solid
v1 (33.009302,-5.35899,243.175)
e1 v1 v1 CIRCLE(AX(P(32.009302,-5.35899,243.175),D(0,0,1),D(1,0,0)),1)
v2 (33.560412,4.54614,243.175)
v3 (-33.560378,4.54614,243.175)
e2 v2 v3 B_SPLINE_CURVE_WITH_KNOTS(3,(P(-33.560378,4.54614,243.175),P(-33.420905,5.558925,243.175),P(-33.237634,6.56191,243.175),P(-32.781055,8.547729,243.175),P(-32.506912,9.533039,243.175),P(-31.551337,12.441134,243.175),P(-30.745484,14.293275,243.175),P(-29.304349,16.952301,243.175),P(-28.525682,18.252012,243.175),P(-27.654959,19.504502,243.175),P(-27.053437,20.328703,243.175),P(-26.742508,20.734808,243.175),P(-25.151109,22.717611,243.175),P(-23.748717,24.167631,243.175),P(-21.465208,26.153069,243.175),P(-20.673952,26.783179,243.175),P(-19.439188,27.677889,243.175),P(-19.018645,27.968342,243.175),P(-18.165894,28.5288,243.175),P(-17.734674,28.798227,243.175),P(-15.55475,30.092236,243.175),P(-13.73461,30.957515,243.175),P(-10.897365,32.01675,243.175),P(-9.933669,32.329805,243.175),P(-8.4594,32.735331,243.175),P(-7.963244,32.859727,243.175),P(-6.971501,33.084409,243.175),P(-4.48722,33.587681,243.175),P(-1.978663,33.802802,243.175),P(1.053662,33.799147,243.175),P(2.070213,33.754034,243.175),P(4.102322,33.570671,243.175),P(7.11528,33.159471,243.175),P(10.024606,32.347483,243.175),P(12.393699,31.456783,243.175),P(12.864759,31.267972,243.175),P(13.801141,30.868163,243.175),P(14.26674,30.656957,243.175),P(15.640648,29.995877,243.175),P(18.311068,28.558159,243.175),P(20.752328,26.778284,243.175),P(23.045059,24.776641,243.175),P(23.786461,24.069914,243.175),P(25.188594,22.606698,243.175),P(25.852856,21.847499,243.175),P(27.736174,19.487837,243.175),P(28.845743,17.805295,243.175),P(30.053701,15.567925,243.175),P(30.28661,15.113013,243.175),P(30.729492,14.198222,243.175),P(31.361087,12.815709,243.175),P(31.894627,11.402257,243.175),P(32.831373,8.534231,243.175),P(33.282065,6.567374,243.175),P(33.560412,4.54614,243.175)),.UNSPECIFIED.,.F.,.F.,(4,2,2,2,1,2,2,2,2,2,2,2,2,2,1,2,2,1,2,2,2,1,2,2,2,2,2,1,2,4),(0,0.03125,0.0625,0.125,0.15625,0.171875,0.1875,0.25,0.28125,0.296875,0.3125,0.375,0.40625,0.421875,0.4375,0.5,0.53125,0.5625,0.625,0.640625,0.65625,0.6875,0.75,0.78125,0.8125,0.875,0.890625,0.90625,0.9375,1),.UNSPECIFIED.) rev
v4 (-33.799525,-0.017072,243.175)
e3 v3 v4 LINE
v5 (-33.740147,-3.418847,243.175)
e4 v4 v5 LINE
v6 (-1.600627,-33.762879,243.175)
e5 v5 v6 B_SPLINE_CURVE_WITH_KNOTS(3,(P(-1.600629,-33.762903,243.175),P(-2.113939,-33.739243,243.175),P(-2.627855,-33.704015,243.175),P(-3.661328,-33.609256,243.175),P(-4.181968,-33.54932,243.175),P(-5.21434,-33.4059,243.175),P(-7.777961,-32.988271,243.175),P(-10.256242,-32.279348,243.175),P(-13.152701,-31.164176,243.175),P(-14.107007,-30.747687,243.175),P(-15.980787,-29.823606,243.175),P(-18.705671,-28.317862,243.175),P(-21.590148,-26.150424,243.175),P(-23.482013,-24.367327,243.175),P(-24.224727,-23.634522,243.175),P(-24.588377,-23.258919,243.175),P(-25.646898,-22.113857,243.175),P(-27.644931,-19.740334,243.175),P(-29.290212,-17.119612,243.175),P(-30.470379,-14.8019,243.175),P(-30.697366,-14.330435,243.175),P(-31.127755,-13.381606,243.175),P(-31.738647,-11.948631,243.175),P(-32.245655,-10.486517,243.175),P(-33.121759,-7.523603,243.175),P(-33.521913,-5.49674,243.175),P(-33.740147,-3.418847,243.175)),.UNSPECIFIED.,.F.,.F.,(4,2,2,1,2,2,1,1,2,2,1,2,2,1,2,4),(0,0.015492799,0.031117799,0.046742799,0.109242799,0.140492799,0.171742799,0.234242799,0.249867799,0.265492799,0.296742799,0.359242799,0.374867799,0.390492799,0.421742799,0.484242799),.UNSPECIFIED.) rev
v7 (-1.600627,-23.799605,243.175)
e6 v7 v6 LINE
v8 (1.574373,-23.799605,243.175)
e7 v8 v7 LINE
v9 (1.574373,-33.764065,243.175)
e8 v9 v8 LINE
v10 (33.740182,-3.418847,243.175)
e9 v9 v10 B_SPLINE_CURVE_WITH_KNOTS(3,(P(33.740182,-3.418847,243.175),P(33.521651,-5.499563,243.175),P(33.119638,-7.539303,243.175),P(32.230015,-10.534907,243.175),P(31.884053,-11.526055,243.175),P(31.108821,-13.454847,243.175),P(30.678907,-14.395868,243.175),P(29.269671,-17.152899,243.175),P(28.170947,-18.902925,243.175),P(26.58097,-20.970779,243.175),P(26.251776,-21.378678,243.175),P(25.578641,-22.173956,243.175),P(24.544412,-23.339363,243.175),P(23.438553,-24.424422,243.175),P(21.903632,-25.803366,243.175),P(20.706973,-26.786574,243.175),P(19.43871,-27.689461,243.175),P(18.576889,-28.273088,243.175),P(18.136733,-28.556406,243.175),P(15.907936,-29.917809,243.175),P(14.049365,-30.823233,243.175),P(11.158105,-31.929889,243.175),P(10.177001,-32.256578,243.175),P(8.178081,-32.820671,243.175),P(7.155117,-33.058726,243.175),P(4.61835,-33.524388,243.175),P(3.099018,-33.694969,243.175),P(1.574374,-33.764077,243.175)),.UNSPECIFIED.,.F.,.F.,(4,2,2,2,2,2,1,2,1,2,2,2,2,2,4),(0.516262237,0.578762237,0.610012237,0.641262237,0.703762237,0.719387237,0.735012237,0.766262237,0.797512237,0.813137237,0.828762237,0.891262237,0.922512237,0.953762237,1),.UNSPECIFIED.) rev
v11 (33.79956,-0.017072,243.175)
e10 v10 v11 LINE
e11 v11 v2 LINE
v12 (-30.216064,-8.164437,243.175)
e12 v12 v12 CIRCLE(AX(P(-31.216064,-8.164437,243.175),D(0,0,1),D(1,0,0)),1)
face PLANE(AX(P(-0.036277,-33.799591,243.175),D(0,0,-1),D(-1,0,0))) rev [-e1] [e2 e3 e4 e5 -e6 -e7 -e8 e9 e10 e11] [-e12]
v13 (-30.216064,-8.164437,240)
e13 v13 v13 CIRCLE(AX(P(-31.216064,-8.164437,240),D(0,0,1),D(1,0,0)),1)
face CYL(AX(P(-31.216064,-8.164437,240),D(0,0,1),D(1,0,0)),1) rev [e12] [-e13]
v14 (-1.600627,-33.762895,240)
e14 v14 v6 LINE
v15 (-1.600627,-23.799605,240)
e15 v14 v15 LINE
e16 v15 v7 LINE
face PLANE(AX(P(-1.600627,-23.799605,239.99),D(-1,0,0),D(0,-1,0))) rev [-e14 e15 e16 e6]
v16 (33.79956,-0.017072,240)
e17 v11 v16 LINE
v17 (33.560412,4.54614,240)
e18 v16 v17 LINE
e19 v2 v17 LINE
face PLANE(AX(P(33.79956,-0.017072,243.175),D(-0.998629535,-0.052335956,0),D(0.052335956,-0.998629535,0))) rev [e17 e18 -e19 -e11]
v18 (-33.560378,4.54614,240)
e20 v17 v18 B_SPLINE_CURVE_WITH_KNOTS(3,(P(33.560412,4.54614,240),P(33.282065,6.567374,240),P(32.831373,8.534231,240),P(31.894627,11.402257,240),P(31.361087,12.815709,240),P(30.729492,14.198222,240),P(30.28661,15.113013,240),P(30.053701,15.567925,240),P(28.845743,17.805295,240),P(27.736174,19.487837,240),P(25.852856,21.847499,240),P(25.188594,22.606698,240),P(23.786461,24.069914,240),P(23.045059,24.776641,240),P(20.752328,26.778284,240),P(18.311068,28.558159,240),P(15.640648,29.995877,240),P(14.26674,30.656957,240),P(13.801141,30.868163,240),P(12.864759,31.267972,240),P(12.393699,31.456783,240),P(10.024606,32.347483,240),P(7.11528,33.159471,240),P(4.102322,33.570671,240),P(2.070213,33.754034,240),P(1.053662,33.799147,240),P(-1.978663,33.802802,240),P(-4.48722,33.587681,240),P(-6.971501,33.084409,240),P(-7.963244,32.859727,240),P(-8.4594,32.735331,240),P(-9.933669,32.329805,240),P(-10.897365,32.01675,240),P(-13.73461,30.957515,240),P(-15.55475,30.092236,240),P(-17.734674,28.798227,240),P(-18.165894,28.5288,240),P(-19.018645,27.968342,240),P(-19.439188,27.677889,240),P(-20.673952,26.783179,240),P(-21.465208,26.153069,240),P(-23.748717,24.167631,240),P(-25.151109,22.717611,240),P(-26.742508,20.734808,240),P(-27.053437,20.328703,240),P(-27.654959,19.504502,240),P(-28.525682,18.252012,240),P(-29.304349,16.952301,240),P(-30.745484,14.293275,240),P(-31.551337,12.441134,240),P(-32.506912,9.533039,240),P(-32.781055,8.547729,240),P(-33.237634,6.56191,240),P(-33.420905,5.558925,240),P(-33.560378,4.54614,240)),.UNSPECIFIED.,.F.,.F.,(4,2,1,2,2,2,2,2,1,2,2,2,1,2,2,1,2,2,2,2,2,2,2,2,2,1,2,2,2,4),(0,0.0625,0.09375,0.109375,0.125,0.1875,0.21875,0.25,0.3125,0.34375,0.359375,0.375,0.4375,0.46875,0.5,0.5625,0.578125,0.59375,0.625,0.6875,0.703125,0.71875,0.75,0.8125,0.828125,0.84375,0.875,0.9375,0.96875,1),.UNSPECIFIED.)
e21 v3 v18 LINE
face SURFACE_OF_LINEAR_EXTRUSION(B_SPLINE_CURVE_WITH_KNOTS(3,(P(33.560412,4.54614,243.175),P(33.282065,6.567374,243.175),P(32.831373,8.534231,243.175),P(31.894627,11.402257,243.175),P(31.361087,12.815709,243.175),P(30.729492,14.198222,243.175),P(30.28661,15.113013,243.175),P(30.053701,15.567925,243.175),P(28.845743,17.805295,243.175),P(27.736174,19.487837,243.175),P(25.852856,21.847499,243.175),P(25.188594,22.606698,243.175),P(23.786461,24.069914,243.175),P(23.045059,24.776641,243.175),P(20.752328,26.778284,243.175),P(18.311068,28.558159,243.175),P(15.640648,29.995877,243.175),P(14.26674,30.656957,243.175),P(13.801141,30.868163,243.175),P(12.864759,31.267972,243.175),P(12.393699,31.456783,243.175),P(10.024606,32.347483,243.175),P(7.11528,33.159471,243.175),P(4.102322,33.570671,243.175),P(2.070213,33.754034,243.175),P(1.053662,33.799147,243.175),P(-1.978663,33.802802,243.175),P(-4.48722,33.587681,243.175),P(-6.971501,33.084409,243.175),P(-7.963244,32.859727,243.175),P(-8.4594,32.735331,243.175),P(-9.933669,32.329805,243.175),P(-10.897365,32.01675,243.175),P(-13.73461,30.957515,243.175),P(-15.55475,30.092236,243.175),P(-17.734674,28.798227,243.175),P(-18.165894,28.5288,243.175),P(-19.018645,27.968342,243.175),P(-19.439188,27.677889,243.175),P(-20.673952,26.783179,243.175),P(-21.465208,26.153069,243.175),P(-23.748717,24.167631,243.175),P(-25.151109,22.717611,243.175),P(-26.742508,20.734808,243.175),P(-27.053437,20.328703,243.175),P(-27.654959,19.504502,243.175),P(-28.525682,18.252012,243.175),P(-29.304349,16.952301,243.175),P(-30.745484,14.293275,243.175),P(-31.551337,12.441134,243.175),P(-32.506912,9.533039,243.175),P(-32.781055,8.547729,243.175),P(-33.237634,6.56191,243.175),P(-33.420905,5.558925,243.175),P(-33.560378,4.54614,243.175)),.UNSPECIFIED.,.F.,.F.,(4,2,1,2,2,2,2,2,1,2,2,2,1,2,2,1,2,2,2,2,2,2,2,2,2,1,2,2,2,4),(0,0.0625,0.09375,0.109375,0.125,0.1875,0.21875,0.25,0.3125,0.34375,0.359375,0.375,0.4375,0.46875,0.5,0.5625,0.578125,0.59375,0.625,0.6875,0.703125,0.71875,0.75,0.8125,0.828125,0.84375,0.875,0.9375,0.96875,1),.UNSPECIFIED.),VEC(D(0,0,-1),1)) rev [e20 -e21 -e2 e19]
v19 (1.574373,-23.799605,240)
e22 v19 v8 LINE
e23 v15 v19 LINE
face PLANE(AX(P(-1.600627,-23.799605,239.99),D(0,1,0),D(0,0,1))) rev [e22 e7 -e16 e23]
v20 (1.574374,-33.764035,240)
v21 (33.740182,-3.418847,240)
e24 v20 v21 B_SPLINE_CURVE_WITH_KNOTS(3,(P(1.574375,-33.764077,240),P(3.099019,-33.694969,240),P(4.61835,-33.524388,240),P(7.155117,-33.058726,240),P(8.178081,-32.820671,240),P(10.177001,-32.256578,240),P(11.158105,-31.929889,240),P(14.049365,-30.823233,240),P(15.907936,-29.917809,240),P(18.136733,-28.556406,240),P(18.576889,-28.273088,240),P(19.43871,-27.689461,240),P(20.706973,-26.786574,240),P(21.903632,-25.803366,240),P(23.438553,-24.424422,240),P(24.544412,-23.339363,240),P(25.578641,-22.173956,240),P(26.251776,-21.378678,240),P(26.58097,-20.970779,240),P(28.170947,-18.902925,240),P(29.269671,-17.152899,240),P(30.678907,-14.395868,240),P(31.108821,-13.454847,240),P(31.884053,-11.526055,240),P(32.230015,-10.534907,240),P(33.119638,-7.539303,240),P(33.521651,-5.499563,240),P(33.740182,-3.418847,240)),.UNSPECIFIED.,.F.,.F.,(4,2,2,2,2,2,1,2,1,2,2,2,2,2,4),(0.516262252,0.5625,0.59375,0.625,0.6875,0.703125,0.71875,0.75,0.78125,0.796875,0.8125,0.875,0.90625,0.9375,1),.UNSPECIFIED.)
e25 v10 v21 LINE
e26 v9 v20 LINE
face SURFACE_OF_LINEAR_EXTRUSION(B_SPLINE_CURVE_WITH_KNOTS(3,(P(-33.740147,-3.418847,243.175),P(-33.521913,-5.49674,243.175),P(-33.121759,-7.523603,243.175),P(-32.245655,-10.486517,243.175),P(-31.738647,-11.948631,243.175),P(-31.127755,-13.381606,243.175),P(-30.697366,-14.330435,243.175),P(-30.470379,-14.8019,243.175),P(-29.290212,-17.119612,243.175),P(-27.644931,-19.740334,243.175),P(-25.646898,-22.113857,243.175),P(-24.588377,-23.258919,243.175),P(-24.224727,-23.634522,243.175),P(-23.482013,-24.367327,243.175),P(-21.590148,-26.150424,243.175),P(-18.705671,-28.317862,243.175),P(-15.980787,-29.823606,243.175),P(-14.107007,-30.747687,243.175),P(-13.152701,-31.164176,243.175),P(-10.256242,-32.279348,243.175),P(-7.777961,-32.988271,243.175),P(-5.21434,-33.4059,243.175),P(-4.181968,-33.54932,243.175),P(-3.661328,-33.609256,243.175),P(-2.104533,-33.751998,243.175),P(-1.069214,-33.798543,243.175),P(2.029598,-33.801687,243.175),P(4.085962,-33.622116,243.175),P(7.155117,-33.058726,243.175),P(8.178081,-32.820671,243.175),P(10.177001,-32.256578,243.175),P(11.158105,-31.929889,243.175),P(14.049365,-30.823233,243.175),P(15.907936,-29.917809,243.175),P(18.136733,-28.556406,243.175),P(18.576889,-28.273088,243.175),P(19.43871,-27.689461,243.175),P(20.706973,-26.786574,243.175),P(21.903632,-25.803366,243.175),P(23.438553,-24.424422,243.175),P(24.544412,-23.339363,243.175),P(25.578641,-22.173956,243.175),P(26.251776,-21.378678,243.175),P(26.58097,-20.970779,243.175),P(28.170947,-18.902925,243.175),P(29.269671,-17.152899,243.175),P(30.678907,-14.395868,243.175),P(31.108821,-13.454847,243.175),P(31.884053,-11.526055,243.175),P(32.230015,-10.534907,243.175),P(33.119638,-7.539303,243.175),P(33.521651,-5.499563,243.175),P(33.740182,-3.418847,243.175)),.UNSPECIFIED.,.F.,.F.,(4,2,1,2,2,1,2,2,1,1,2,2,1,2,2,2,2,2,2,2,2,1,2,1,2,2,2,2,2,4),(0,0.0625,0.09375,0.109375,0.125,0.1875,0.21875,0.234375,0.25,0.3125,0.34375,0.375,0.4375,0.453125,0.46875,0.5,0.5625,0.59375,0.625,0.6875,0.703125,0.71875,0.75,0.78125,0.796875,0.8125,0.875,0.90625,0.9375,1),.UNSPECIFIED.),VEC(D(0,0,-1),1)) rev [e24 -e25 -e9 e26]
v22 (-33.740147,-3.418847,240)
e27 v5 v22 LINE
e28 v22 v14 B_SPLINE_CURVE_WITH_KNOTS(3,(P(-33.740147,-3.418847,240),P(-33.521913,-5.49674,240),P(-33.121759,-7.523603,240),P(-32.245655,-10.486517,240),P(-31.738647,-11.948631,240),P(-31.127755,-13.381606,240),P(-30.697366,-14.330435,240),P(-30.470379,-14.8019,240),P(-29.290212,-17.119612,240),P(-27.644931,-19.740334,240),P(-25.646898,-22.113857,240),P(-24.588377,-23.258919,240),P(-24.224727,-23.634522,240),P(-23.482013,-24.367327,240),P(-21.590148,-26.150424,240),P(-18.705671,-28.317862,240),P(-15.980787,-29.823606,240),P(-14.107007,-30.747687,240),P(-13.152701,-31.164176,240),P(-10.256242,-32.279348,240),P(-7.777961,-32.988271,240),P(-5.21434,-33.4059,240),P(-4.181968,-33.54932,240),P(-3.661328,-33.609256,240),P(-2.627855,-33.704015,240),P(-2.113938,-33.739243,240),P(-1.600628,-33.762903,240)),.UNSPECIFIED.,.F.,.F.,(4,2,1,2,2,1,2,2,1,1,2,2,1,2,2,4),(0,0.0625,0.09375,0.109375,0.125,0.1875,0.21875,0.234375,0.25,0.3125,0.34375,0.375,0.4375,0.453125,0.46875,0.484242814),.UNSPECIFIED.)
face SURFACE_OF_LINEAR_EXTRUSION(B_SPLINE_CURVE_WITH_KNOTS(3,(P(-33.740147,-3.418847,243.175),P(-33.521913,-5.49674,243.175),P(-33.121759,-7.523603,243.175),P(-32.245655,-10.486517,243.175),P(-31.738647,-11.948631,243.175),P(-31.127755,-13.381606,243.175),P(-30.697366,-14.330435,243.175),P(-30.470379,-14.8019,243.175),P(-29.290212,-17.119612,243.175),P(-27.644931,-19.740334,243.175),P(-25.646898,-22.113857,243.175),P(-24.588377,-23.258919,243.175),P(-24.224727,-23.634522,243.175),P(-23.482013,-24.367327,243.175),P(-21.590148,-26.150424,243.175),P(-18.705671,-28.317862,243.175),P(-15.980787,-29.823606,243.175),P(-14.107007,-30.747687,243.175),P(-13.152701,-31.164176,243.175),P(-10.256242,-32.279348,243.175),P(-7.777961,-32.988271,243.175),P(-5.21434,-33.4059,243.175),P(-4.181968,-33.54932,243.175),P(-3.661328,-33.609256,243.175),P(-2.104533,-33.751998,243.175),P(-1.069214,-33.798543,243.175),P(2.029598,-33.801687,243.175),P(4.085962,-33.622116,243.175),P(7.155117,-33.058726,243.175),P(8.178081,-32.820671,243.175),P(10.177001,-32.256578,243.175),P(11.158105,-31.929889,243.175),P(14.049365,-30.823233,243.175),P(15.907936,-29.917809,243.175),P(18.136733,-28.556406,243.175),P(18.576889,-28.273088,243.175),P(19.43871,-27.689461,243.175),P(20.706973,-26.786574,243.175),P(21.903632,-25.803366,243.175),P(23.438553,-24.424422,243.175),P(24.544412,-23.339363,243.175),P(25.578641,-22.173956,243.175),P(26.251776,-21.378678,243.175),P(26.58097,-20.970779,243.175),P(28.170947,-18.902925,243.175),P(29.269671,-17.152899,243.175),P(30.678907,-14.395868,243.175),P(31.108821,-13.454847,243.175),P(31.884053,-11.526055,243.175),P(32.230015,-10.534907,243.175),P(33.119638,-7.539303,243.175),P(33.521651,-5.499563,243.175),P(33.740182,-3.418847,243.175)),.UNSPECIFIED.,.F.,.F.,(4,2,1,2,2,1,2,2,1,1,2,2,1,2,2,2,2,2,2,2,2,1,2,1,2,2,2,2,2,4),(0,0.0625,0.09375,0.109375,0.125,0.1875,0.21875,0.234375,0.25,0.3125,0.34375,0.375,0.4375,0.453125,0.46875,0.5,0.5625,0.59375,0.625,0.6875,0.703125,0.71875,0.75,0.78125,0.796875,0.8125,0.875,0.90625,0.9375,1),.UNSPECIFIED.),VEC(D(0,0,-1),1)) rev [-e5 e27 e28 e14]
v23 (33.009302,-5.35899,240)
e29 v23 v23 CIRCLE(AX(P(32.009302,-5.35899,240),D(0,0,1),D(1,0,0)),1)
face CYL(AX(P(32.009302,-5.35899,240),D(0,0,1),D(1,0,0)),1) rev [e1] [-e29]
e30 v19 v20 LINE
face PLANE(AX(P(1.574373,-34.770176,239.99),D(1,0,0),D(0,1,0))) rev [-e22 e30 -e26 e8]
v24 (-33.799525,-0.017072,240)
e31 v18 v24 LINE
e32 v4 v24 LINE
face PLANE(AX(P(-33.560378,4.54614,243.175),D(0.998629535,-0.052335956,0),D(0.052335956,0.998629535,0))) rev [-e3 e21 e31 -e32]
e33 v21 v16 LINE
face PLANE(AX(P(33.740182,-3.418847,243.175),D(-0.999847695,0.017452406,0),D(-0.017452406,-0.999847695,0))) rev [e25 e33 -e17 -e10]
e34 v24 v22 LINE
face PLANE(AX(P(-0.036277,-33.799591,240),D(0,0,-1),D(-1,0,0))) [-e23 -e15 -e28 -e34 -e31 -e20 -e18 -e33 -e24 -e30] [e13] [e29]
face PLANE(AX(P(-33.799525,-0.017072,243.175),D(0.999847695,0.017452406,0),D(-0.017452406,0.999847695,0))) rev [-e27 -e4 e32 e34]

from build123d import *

# Parameters (mm, degrees)
BOSS_EXTRUDE1_DEPTH = 3.175
SKETCH4_R           = 1
CUT_EXTRUDE2_DEPTH  = 3.175
SKETCH5_W           = 3.175
SKETCH5_H           = 10.970571453
CUT_EXTRUDE3_DEPTH  = 48.905713025


with BuildPart() as part:
    # Sketch1 → Boss-Extrude1 (new body)
    with BuildSketch(Plane.XY.offset(240)):
        with BuildLine():
            Line((-33.799525455, -0.017072147), (-33.740147252, -3.418847174))
            add(Edge.make_bspline(
                [(-33.740147252, -3.418847174), (-33.521913435, -5.496739744), (-33.121758608, -7.52360336), (-32.245655467, -10.48651683), (-31.738647045, -11.948631126), (-31.127755378, -13.381606109), (-30.697366268, -14.330435347), (-30.470378572, -14.801900059), (-29.290211733, -17.119612441), (-27.644930506, -19.740333777), (-25.646898465, -22.113857284), (-24.588376817, -23.258919171), (-24.224726915, -23.634521718), (-23.482012785, -24.367327148), (-21.59014774, -26.150424449), (-18.705670827, -28.317861845), (-15.980786711, -29.823605713), (-14.107006772, -30.74768667), (-13.152701084, -31.164175695), (-10.256242476, -32.27934775), (-7.777960893, -32.988270972), (-5.214339656, -33.405899808), (-4.181967985, -33.549320099), (-3.661328308, -33.60925586), (-2.104532681, -33.751997759), (-1.069213869, -33.798542764), (2.029597644, -33.801687472), (4.085962141, -33.622116253), (7.155117004, -33.058726493), (8.178081257, -32.820670852), (10.177000978, -32.256577633), (11.158104767, -31.929888742), (14.04936497, -30.823232748), (15.907936031, -29.917809181), (18.13673294, -28.556406158), (18.576889104, -28.273087614), (19.438710135, -27.689460729), (20.706973253, -26.786573761), (21.903631517, -25.803366446), (23.438553372, -24.424422105), (24.544411843, -23.339363165), (25.578640539, -22.173955923), (26.251776296, -21.378677652), (26.580969723, -20.970778515), (28.17094662, -18.902925334), (29.269671397, -17.152899222), (30.678907287, -14.395868232), (31.108821176, -13.454846631), (31.884053374, -11.526054988), (32.230015293, -10.534907216), (33.119638114, -7.539302803), (33.521651228, -5.499562958), (33.740182048, -3.418847117)],
                knots=[0, 0, 0, 0, 0.0625, 0.0625, 0.09375, 0.109375, 0.109375, 0.125, 0.125, 0.1875, 0.21875, 0.21875, 0.234375, 0.234375, 0.25, 0.3125, 0.34375, 0.34375, 0.375, 0.375, 0.4375, 0.453125, 0.453125, 0.46875, 0.46875, 0.5, 0.5, 0.5625, 0.5625, 0.59375, 0.59375, 0.625, 0.625, 0.6875, 0.6875, 0.703125, 0.703125, 0.71875, 0.75, 0.75, 0.78125, 0.796875, 0.796875, 0.8125, 0.8125, 0.875, 0.875, 0.90625, 0.90625, 0.9375, 0.9375, 1, 1, 1, 1], degree=3))
            Line((33.740182048, -3.418847117), (33.799560251, -0.017072147))
            Line((33.799560251, -0.017072147), (33.560412457, 4.546139609))
            add(Edge.make_bspline(
                [(33.560412457, 4.546139609), (33.282065399, 6.567374379), (32.831372803, 8.534230691), (31.894626922, 11.402256897), (31.361087401, 12.815708643), (30.729491779, 14.19822173), (30.286610148, 15.113013144), (30.053701075, 15.567925007), (28.845742701, 17.805295292), (27.73617385, 19.487837269), (25.852855801, 21.84749908), (25.188593752, 22.606698061), (23.786460552, 24.069913543), (23.045059446, 24.776640829), (20.752328135, 26.778284029), (18.311067746, 28.558159122), (15.640647898, 29.995877244), (14.266739996, 30.656956524), (13.801141084, 30.868163008), (12.864758887, 31.267971853), (12.393699461, 31.456783193), (10.024605965, 32.347483289), (7.115279765, 33.1594713), (4.10232218, 33.57067126), (2.070213322, 33.754033964), (1.053662161, 33.799146951), (-1.978663229, 33.802802386), (-4.487220386, 33.587681269), (-6.97150073, 33.084409187), (-7.963243622, 32.859726611), (-8.459399615, 32.73533069), (-9.933669217, 32.329805435), (-10.897365307, 32.016750487), (-13.734609646, 30.957514861), (-15.554750033, 30.092235814), (-17.734673571, 28.798227251), (-18.165893543, 28.52880028), (-19.018645374, 27.968342063), (-19.439187613, 27.677889019), (-20.673952363, 26.783179445), (-21.465207676, 26.153069384), (-23.74871726, 24.167631397), (-25.151109466, 22.717611147), (-26.742507526, 20.734807748), (-27.053436756, 20.328702835), (-27.654958645, 19.504501759), (-28.525682186, 18.252011757), (-29.304349299, 16.952301265), (-30.745483656, 14.293275375), (-31.551336523, 12.44113352), (-32.506911863, 9.533039369), (-32.781055324, 8.547728647), (-33.237634192, 6.561909519), (-33.420905282, 5.558925362), (-33.560377664, 4.546139552)],
                knots=[0, 0, 0, 0, 0.0625, 0.0625, 0.09375, 0.109375, 0.109375, 0.125, 0.125, 0.1875, 0.1875, 0.21875, 0.21875, 0.25, 0.25, 0.3125, 0.34375, 0.34375, 0.359375, 0.359375, 0.375, 0.375, 0.4375, 0.46875, 0.46875, 0.5, 0.5, 0.5625, 0.578125, 0.578125, 0.59375, 0.59375, 0.625, 0.625, 0.6875, 0.6875, 0.703125, 0.703125, 0.71875, 0.71875, 0.75, 0.75, 0.8125, 0.8125, 0.828125, 0.828125, 0.84375, 0.875, 0.875, 0.9375, 0.9375, 0.96875, 0.96875, 1, 1, 1, 1], degree=3))
            Line((-33.560377664, 4.546139552), (-33.799525455, -0.017072147))
        make_face()
    extrude(amount=BOSS_EXTRUDE1_DEPTH)

    # Sketch4 → Cut-Extrude2 (cut)
    with BuildSketch(Plane.XY.offset(243.175)):
        with Locations((32.009302375, -5.358989516)):
            Circle(SKETCH4_R)
        with Locations((-31.216064399, -8.164436653)):
            Circle(SKETCH4_R)
    extrude(amount=-CUT_EXTRUDE2_DEPTH, mode=Mode.SUBTRACT)

    # Sketch5 → Cut-Extrude3 (cut, through all)
    with BuildSketch(Plane.XY.offset(243.175)):
        with Locations((-0.013127042, -29.284890239)):
            Rectangle(SKETCH5_W, SKETCH5_H)
    extrude(amount=-CUT_EXTRUDE3_DEPTH, mode=Mode.SUBTRACT)


solid = part.part
